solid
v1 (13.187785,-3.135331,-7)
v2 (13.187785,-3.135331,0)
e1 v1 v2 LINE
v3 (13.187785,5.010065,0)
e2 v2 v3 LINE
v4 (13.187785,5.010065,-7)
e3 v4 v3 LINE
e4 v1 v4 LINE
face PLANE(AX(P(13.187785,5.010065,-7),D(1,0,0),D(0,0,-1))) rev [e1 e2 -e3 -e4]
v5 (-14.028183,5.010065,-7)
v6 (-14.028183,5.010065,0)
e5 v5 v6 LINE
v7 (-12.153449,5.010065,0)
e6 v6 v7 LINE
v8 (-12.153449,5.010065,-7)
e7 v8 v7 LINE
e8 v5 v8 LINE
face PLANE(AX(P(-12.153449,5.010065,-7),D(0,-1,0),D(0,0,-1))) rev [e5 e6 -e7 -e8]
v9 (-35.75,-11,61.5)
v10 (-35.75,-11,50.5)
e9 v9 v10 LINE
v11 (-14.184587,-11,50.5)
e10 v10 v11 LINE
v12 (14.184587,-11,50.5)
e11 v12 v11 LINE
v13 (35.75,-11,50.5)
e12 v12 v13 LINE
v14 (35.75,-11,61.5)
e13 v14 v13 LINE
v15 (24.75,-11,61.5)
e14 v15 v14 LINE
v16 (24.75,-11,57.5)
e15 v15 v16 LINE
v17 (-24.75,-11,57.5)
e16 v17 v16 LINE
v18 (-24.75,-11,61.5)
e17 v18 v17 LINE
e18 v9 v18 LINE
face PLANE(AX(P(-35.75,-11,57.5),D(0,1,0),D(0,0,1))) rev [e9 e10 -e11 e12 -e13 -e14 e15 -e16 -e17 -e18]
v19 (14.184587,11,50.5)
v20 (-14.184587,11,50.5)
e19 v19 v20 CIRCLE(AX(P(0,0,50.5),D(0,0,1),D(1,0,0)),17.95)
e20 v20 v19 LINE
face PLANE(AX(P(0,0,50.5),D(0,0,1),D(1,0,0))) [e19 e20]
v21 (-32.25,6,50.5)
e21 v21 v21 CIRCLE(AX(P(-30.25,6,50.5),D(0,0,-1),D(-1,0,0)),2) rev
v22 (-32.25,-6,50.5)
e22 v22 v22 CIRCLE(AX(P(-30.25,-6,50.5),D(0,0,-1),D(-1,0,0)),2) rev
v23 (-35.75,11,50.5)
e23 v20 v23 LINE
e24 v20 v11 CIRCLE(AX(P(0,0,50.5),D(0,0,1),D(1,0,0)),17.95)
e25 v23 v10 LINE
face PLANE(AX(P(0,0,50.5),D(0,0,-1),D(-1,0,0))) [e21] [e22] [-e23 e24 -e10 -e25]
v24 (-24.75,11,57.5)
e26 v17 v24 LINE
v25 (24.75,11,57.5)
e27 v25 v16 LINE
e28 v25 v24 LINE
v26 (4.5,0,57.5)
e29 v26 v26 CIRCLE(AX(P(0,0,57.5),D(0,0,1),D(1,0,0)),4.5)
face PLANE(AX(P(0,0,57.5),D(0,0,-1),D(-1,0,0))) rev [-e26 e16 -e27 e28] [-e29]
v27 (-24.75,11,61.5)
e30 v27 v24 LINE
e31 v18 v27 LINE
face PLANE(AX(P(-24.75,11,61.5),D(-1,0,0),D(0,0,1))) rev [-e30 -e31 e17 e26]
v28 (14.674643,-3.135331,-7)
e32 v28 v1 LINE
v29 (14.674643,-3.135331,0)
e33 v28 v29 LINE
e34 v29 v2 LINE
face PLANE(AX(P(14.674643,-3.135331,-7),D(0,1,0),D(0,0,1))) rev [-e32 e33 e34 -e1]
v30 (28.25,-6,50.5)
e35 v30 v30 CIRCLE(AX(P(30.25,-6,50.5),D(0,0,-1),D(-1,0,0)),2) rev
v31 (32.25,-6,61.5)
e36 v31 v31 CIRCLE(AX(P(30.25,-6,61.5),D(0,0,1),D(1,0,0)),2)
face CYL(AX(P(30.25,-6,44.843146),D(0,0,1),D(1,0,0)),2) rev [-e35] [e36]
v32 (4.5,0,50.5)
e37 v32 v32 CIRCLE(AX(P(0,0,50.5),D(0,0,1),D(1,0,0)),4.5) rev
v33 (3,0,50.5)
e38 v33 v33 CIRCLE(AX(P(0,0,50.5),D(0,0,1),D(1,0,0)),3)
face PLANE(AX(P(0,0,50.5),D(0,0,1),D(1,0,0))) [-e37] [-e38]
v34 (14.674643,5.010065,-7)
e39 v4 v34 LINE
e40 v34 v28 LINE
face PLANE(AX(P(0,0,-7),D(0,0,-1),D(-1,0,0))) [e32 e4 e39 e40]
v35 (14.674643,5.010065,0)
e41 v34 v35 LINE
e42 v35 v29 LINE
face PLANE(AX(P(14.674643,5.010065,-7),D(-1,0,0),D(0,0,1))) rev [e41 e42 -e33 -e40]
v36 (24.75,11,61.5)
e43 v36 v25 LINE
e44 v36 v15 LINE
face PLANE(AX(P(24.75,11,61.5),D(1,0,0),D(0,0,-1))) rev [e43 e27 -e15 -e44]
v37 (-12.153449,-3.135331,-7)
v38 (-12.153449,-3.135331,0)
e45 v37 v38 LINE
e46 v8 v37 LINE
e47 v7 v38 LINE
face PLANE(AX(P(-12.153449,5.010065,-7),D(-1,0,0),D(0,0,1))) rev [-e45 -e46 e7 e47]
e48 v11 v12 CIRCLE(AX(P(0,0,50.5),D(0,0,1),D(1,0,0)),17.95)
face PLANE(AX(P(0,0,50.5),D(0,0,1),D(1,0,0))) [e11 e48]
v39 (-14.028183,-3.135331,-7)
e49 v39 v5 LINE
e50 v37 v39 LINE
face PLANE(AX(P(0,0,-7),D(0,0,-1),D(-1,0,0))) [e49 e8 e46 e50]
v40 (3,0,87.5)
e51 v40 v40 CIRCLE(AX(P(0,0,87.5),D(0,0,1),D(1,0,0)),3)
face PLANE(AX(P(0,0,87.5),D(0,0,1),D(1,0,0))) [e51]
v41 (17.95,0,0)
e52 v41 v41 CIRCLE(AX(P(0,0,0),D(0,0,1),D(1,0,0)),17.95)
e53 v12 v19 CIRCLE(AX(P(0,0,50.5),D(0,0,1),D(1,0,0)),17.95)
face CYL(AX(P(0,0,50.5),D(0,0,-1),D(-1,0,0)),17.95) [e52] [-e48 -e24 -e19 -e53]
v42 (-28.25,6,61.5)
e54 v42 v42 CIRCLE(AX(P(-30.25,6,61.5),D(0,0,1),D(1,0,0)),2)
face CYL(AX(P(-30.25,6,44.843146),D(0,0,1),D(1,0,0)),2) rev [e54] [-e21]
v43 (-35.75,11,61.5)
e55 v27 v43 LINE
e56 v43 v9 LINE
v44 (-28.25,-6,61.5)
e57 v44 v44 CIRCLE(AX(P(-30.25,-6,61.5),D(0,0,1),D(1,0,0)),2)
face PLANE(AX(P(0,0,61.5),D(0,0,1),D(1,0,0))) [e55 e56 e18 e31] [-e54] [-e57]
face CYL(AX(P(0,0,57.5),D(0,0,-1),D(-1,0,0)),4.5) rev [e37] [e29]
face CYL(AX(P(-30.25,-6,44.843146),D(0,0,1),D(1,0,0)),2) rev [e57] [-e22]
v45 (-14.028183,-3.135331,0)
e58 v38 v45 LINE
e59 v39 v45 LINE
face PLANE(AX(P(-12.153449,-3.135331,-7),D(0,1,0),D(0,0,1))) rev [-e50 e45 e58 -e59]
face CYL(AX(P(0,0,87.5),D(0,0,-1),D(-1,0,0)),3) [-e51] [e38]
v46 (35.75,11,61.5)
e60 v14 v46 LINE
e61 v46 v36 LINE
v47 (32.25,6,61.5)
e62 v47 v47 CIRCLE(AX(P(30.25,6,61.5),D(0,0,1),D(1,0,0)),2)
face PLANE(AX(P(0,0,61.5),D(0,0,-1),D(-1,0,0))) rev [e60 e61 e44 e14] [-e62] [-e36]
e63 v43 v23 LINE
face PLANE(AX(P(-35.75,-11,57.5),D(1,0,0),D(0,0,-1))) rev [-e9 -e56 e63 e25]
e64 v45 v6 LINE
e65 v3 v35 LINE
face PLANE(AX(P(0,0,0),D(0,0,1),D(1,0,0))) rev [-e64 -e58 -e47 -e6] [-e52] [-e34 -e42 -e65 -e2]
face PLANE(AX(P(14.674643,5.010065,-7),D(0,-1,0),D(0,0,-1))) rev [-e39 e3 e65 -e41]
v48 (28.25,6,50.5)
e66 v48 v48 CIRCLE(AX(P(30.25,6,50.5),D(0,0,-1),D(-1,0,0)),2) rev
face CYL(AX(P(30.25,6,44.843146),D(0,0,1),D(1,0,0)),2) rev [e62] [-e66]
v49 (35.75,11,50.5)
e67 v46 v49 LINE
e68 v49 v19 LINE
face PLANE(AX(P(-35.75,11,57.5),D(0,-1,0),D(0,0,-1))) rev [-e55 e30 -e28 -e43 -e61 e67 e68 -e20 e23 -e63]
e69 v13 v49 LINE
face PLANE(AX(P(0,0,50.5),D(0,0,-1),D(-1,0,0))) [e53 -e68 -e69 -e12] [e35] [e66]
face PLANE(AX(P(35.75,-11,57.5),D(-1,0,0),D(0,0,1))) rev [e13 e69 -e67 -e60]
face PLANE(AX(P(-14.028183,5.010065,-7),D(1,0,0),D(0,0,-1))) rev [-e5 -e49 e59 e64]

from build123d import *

# Parameters (mm, degrees)
SKETCH1_R           = 17.95
BOSS_EXTRUDE1_DEPTH = 50.5
SKETCH2_R           = 3
BOSS_EXTRUDE2_DEPTH = 37
SKETCH3_W           = 71.5
SKETCH3_H           = 22
SKETCH3_R           = 4.5
BOSS_EXTRUDE3_DEPTH = 7
SKETCH4_W           = 11
SKETCH4_H           = 22
BOSS_EXTRUDE4_DEPTH = 4
SKETCH5_R           = 2
CUT_EXTRUDE1_DEPTH  = 11
SKETCH6_W           = 1.486858086
SKETCH6_H           = 8.145396468
SKETCH6_W_2         = 1.874734108
BOSS_EXTRUDE6_DEPTH = 7


with BuildPart() as part:
    # Sketch1 → Boss-Extrude1 (new body)
    with BuildSketch(Plane.XY):
        Circle(SKETCH1_R)
    extrude(amount=BOSS_EXTRUDE1_DEPTH)

    # Sketch2 → Boss-Extrude2 (add)
    with BuildSketch(Plane.XY.offset(50.5)):
        Circle(SKETCH2_R)
    extrude(amount=BOSS_EXTRUDE2_DEPTH)

    # Sketch3 → Boss-Extrude3 (add)
    with BuildSketch(Plane.XY.offset(50.5)):
        Rectangle(SKETCH3_W, SKETCH3_H)
        Circle(SKETCH3_R, mode=Mode.SUBTRACT)
    extrude(amount=BOSS_EXTRUDE3_DEPTH)

    # Sketch4 → Boss-Extrude4 (add)
    with BuildSketch(Plane.XY.offset(57.5)):
        with Locations((-30.25, 0)):
            Rectangle(SKETCH4_W, SKETCH4_H)
        with Locations((30.25, 0)):
            Rectangle(SKETCH4_W, SKETCH4_H)
    extrude(amount=BOSS_EXTRUDE4_DEPTH)

    # Sketch5 → Cut-Extrude1 (cut)
    with BuildSketch(Plane.XY.offset(61.5)):
        with Locations((-30.25, 6)):
            Circle(SKETCH5_R)
        with Locations((-30.25, -6)):
            Circle(SKETCH5_R)
        with Locations((30.25, -6)):
            Circle(SKETCH5_R)
        with Locations((30.25, 6)):
            Circle(SKETCH5_R)
    extrude(amount=-CUT_EXTRUDE1_DEPTH, mode=Mode.SUBTRACT)

    # Sketch6 → Boss-Extrude6 (add)
    with BuildSketch(Plane(origin=(0, 0, 0), x_dir=(-1, 0, 0), z_dir=(0, 0, -1))):
        with Locations((-13.9312138, 0.937367054)):
            Rectangle(SKETCH6_W, SKETCH6_H)
        with Locations((13.090815752, 0.937367054)):
            Rectangle(SKETCH6_W_2, SKETCH6_H)
    extrude(amount=BOSS_EXTRUDE6_DEPTH)


solid = part.part
